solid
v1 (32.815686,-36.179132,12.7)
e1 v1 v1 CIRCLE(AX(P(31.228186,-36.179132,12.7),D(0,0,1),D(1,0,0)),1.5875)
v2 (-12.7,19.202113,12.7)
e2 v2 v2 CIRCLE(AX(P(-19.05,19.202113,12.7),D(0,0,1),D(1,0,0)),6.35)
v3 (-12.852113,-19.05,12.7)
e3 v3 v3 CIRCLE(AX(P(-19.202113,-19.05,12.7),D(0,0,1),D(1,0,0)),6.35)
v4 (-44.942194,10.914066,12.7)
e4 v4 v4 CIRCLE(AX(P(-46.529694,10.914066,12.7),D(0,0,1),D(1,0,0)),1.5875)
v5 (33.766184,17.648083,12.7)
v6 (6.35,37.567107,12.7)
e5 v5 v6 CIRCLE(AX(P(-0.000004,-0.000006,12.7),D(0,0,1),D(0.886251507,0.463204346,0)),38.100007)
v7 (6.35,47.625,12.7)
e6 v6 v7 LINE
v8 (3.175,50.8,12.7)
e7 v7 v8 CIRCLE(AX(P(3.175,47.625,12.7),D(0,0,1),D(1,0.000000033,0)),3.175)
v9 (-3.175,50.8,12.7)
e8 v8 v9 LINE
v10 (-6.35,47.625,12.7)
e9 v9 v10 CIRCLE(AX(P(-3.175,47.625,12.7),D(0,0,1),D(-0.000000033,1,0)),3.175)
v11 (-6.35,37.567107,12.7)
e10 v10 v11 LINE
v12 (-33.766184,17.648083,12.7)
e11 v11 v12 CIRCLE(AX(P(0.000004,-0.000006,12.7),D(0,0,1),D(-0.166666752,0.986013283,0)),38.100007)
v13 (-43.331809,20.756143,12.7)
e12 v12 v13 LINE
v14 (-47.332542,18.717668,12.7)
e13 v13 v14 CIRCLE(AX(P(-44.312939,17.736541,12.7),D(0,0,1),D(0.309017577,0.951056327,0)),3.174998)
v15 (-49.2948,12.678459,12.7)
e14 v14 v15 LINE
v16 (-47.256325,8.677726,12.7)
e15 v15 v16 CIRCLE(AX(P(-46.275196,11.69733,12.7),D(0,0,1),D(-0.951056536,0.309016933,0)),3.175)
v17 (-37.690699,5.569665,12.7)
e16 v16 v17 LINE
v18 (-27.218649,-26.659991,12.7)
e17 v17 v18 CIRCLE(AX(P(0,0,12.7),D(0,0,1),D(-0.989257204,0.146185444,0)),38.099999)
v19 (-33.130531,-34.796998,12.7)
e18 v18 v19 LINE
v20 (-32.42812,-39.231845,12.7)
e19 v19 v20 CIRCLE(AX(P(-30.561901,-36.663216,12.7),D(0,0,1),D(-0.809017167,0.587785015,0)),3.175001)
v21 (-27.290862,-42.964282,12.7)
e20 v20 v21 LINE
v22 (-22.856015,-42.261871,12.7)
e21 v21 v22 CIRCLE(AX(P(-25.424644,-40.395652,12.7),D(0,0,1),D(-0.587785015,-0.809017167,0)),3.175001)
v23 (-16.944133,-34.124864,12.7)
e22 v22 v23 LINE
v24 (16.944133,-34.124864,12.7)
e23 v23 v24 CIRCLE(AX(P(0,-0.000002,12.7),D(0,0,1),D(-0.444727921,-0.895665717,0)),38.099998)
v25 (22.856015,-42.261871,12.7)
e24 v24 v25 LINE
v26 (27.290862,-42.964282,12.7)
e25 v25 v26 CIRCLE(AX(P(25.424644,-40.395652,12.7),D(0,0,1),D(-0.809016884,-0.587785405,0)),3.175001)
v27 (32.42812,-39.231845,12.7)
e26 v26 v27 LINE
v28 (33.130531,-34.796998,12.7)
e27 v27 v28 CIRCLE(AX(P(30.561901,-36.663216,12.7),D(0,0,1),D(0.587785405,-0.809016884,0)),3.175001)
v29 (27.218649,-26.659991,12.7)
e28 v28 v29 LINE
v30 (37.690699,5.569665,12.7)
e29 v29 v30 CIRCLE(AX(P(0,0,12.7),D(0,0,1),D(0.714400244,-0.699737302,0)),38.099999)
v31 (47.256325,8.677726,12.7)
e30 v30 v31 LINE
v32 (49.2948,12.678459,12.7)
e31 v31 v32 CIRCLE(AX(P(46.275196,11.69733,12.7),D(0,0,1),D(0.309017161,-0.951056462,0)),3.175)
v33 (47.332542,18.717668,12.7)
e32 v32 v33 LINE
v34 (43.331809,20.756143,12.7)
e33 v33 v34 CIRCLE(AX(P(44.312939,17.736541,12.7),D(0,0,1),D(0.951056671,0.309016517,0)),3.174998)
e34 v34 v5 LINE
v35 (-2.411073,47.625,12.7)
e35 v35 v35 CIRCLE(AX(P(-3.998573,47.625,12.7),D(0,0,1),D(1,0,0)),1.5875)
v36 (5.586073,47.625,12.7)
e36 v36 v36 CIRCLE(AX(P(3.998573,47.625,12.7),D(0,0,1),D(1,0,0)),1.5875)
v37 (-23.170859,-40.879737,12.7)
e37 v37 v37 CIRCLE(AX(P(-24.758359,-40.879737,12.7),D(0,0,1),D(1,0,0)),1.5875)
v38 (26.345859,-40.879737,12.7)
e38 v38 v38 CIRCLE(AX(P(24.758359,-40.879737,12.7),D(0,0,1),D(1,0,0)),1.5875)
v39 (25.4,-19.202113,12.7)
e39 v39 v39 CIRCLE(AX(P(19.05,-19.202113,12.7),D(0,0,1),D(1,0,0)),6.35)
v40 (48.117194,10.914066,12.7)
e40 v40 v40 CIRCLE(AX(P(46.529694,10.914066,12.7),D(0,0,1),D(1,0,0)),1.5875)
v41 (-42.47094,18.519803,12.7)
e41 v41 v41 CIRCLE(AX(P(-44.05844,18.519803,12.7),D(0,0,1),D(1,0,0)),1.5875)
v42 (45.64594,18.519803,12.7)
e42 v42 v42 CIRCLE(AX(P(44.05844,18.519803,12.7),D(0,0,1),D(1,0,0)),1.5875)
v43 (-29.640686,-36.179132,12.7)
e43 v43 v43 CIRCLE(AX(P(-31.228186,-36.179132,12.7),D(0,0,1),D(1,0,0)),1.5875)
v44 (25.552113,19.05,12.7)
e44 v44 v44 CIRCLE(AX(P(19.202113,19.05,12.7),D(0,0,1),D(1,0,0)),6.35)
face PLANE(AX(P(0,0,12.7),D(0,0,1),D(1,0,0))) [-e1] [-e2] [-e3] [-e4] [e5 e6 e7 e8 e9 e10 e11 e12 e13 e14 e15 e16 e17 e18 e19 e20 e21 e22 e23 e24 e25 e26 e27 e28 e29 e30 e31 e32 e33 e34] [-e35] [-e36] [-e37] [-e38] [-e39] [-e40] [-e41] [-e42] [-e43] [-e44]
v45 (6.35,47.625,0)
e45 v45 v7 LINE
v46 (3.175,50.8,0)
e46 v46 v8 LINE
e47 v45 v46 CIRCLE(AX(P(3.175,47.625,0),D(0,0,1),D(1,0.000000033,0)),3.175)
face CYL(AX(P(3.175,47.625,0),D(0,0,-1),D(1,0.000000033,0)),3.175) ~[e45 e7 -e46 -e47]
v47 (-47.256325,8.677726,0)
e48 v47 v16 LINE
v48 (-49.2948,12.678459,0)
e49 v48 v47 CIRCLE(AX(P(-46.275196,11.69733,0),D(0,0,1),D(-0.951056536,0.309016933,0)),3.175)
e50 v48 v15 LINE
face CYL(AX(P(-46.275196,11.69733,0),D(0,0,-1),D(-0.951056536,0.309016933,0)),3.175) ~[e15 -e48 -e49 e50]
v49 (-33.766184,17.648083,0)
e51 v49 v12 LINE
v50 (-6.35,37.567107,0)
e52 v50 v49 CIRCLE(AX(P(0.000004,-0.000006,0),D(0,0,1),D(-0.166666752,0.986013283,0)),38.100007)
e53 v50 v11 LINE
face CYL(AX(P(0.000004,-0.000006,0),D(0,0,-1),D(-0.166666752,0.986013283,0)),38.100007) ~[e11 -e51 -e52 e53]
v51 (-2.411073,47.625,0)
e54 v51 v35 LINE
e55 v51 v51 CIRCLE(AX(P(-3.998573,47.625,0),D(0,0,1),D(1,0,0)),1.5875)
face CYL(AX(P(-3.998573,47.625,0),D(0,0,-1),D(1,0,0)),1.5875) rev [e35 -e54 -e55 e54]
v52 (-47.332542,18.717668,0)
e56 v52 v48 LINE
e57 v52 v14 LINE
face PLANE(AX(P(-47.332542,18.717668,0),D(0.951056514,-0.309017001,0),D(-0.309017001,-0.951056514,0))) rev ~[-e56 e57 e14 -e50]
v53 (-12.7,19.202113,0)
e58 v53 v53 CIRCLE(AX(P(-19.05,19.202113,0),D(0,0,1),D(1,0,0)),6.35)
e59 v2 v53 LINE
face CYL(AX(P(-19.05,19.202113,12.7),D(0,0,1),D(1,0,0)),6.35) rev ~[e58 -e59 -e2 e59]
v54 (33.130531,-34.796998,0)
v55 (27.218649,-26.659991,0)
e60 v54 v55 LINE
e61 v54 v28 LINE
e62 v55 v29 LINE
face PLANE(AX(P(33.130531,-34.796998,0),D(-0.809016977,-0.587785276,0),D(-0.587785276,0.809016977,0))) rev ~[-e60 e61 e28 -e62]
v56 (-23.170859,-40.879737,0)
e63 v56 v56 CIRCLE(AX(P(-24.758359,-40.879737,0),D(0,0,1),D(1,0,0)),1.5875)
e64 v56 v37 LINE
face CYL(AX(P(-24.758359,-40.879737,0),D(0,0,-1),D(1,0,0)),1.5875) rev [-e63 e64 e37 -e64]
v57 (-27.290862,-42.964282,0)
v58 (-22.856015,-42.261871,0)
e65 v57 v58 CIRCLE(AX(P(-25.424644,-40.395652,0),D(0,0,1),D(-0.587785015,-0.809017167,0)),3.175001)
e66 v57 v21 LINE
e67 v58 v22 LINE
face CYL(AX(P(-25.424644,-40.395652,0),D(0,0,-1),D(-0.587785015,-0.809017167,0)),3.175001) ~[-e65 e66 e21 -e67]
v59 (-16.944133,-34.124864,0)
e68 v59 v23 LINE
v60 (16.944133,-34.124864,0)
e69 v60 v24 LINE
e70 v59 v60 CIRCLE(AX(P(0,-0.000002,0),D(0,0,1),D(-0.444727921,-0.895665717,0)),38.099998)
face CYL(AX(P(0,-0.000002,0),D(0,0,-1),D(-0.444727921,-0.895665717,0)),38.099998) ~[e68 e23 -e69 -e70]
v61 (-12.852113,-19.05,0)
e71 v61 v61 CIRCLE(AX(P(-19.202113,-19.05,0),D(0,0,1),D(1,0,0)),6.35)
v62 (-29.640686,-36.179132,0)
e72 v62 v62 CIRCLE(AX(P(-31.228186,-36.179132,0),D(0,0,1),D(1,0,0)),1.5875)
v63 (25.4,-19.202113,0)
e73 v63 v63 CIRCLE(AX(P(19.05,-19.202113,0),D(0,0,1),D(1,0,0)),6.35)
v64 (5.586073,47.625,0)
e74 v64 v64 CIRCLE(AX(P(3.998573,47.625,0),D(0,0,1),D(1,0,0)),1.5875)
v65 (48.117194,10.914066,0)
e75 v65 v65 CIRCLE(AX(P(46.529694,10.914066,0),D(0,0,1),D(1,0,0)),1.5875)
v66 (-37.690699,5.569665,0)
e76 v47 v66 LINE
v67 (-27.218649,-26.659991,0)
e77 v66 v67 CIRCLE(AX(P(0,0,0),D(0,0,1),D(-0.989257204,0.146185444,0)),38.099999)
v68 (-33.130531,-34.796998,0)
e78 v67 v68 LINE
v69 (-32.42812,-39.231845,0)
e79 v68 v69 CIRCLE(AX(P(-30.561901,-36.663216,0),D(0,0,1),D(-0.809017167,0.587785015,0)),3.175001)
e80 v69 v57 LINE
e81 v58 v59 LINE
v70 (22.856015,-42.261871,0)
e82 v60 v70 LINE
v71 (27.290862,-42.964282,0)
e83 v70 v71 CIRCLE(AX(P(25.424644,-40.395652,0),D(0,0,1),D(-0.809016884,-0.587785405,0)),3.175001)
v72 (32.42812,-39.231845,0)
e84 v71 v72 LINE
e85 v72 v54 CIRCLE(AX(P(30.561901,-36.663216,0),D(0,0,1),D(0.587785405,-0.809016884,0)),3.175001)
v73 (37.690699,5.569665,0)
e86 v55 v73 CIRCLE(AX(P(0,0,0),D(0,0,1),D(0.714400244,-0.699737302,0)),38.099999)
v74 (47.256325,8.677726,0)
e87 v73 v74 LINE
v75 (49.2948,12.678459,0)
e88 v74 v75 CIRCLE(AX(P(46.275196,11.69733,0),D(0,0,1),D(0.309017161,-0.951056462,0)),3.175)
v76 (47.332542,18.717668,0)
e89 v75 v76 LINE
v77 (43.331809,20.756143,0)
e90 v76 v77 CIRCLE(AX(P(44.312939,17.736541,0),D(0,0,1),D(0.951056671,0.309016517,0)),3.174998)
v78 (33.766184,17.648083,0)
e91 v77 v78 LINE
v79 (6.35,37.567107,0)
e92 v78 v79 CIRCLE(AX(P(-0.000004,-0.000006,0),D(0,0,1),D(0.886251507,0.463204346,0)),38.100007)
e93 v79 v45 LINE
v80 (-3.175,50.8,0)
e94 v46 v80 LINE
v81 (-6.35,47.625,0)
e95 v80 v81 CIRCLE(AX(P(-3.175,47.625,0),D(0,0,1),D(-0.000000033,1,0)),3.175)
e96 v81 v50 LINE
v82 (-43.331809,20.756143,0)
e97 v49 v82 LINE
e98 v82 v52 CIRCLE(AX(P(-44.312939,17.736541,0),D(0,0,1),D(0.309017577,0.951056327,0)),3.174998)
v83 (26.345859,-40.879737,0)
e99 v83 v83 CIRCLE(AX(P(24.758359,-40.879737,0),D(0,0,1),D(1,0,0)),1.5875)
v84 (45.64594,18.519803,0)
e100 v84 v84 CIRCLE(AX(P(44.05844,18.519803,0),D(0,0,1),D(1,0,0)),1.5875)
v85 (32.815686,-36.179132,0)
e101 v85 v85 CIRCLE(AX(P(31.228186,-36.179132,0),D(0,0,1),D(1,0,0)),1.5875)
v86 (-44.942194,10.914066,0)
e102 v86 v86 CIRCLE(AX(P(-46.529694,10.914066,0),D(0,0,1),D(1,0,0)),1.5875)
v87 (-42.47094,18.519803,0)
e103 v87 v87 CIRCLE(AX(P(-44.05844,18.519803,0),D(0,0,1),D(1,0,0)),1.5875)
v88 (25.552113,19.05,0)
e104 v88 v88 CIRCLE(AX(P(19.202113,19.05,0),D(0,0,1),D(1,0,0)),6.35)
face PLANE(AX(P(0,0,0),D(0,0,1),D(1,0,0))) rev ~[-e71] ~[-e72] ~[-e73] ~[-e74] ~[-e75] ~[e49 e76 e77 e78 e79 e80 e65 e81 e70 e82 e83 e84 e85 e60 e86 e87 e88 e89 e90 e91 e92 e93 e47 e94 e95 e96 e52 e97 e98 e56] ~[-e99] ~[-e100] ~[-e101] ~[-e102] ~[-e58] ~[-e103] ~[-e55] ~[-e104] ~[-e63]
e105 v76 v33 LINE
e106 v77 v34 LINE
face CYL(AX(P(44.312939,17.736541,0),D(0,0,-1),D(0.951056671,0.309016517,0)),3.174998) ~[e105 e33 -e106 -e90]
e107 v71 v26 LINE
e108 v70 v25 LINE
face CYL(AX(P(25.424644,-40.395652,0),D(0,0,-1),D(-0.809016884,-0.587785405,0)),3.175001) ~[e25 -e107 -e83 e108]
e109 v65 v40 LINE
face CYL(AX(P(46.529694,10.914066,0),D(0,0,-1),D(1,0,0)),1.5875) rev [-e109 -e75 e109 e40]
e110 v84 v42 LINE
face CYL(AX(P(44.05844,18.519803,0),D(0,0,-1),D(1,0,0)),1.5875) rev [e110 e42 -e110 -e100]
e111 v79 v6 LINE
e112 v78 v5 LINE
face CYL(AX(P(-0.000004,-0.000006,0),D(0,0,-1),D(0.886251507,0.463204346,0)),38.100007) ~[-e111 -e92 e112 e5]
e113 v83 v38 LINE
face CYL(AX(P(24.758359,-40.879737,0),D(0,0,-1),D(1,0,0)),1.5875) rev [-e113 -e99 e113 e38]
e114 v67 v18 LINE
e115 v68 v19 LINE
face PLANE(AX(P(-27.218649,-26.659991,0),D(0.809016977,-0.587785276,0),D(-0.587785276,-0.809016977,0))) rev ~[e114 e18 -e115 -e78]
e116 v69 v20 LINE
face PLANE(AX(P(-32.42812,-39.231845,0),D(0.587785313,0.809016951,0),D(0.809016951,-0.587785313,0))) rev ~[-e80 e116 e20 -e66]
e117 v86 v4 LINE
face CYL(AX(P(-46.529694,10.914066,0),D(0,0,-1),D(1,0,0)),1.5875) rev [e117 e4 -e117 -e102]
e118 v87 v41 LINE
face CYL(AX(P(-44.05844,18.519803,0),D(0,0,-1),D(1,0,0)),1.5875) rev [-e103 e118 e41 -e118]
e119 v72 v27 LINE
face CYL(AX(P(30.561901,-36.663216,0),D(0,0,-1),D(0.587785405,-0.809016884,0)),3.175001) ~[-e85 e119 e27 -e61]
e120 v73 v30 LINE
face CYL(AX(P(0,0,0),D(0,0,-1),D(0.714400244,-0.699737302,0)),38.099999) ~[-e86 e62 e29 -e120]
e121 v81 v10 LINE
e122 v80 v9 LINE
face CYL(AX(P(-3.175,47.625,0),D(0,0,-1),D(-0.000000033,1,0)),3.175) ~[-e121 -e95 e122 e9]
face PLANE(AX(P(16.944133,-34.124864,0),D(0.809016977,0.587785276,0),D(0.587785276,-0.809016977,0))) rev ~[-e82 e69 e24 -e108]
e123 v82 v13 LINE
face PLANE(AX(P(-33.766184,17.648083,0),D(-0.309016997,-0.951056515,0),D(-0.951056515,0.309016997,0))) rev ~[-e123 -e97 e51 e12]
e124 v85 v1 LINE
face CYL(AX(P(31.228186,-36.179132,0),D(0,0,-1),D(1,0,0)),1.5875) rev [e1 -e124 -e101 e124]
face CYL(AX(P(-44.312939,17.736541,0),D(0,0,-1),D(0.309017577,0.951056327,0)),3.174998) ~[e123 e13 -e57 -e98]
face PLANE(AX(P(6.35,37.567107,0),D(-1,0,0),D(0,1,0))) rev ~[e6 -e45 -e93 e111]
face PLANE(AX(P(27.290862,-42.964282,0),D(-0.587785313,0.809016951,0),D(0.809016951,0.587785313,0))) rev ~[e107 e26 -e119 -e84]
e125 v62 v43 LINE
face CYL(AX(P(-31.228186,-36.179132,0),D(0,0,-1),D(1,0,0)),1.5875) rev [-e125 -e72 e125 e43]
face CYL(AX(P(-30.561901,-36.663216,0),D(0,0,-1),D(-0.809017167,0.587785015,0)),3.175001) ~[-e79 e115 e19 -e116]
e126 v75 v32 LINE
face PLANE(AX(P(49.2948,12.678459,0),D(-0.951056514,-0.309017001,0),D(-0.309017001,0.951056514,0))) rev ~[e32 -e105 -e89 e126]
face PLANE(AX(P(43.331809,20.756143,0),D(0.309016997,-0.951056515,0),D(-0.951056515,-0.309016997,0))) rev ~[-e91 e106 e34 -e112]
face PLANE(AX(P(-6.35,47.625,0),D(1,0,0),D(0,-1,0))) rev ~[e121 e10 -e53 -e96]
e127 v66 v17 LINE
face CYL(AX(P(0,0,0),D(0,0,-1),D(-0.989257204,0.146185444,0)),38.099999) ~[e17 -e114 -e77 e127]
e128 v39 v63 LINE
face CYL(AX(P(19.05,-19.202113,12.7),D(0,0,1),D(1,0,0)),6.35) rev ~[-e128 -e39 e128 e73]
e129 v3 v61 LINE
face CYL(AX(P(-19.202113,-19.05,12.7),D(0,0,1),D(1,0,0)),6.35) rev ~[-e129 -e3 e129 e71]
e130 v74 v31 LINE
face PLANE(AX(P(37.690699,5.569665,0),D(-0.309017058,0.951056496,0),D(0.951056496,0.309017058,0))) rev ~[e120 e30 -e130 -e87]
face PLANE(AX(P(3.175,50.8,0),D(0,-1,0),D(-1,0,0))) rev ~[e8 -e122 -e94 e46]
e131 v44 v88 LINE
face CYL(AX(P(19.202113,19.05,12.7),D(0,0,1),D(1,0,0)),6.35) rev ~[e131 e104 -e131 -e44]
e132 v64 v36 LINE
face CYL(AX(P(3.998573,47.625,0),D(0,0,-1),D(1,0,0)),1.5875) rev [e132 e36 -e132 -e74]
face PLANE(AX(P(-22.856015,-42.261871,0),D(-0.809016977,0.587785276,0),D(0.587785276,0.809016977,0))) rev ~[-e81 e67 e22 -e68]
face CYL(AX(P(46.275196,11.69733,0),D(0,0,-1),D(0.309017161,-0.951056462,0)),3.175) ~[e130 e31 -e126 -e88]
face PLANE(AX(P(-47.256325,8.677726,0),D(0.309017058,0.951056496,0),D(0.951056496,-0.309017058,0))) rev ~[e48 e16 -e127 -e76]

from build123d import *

# Parameters (mm, degrees)
F0_R     = 1.5875
F1_DEPTH = 12.7
F2_R     = 6.35
F3_DEPTH = 254


with BuildPart() as f1:
    # F0 (on Top) → F1 (new body)
    with BuildSketch(Plane.XY):
        with BuildLine():
            Line((-6.35, 47.625), (-6.35, 37.567107))
            ThreePointArc((-6.35, 37.567107), (-22.394618, 30.823547), (-33.766184, 17.648083))
            Line((-33.766184, 17.648083), (-43.331809, 20.756143))
            ThreePointArc((-43.331809, 20.756143), (-45.754358, 20.565485), (-47.332542, 18.717668))
            Line((-47.332542, 18.717668), (-49.2948, 12.678459))
            ThreePointArc((-49.2948, 12.678459), (-49.104141, 10.25591), (-47.256325, 8.677726))
            Line((-47.256325, 8.677726), (-37.690699, 5.569665))
            ThreePointArc((-37.690699, 5.569665), (-36.235253, -11.773547), (-27.218649, -26.659991))
            Line((-27.218649, -26.659991), (-33.130531, -34.796998))
            ThreePointArc((-33.130531, -34.796998), (-33.697812, -37.159896), (-32.42812, -39.231845))
            Line((-32.42812, -39.231845), (-27.290862, -42.964282))
            ThreePointArc((-27.290862, -42.964282), (-24.927964, -43.531563), (-22.856015, -42.261871))
            Line((-22.856015, -42.261871), (-16.944133, -34.124864))
            ThreePointArc((-16.944133, -34.124864), (0, -38.1), (16.944133, -34.124864))
            Line((16.944133, -34.124864), (22.856015, -42.261871))
            ThreePointArc((22.856015, -42.261871), (24.927964, -43.531563), (27.290862, -42.964282))
            Line((27.290862, -42.964282), (32.42812, -39.231845))
            ThreePointArc((32.42812, -39.231845), (33.697812, -37.159896), (33.130531, -34.796998))
            Line((33.130531, -34.796998), (27.218649, -26.659991))
            ThreePointArc((27.218649, -26.659991), (36.235253, -11.773547), (37.690699, 5.569665))
            Line((37.690699, 5.569665), (47.256325, 8.677726))
            ThreePointArc((47.256325, 8.677726), (49.104141, 10.25591), (49.2948, 12.678459))
            Line((49.2948, 12.678459), (47.332542, 18.717668))
            ThreePointArc((47.332542, 18.717668), (45.754358, 20.565485), (43.331809, 20.756143))
            Line((43.331809, 20.756143), (33.766184, 17.648083))
            ThreePointArc((33.766184, 17.648083), (22.394618, 30.823547), (6.35, 37.567107))
            Line((6.35, 37.567107), (6.35, 47.625))
            ThreePointArc((6.35, 47.625), (5.420064, 49.870064), (3.175, 50.8))
            Line((3.175, 50.8), (-3.175, 50.8))
            ThreePointArc((-3.175, 50.8), (-5.420064, 49.870064), (-6.35, 47.625))
        make_face()
        with Locations((-24.758359, -40.879737)):
            Circle(F0_R, mode=Mode.SUBTRACT)
        with Locations((-31.228186, -36.179132)):
            Circle(F0_R, mode=Mode.SUBTRACT)
        with Locations((24.758359, -40.879737)):
            Circle(F0_R, mode=Mode.SUBTRACT)
        with Locations((31.228186, -36.179132)):
            Circle(F0_R, mode=Mode.SUBTRACT)
        with Locations((-46.529694, 10.914066)):
            Circle(F0_R, mode=Mode.SUBTRACT)
        with Locations((-44.05844, 18.519803)):
            Circle(F0_R, mode=Mode.SUBTRACT)
        with Locations((-3.998573, 47.625)):
            Circle(F0_R, mode=Mode.SUBTRACT)
        with Locations((46.529694, 10.914066)):
            Circle(F0_R, mode=Mode.SUBTRACT)
        with Locations((44.05844, 18.519803)):
            Circle(F0_R, mode=Mode.SUBTRACT)
        with Locations((3.998573, 47.625)):
            Circle(F0_R, mode=Mode.SUBTRACT)
    extrude(amount=F1_DEPTH)

    # F2 (on face) → F3 (cut)
    with BuildSketch(Plane.XY.offset(12.7)):
        with Locations((-19.05, 19.202113)):
            Circle(F2_R)
        with Locations((-19.202113, -19.05)):
            Circle(F2_R)
        with Locations((19.05, -19.202113)):
            Circle(F2_R)
        with Locations((19.202113, 19.05)):
            Circle(F2_R)
    extrude(amount=-F3_DEPTH, mode=Mode.SUBTRACT)


solid = f1.part
